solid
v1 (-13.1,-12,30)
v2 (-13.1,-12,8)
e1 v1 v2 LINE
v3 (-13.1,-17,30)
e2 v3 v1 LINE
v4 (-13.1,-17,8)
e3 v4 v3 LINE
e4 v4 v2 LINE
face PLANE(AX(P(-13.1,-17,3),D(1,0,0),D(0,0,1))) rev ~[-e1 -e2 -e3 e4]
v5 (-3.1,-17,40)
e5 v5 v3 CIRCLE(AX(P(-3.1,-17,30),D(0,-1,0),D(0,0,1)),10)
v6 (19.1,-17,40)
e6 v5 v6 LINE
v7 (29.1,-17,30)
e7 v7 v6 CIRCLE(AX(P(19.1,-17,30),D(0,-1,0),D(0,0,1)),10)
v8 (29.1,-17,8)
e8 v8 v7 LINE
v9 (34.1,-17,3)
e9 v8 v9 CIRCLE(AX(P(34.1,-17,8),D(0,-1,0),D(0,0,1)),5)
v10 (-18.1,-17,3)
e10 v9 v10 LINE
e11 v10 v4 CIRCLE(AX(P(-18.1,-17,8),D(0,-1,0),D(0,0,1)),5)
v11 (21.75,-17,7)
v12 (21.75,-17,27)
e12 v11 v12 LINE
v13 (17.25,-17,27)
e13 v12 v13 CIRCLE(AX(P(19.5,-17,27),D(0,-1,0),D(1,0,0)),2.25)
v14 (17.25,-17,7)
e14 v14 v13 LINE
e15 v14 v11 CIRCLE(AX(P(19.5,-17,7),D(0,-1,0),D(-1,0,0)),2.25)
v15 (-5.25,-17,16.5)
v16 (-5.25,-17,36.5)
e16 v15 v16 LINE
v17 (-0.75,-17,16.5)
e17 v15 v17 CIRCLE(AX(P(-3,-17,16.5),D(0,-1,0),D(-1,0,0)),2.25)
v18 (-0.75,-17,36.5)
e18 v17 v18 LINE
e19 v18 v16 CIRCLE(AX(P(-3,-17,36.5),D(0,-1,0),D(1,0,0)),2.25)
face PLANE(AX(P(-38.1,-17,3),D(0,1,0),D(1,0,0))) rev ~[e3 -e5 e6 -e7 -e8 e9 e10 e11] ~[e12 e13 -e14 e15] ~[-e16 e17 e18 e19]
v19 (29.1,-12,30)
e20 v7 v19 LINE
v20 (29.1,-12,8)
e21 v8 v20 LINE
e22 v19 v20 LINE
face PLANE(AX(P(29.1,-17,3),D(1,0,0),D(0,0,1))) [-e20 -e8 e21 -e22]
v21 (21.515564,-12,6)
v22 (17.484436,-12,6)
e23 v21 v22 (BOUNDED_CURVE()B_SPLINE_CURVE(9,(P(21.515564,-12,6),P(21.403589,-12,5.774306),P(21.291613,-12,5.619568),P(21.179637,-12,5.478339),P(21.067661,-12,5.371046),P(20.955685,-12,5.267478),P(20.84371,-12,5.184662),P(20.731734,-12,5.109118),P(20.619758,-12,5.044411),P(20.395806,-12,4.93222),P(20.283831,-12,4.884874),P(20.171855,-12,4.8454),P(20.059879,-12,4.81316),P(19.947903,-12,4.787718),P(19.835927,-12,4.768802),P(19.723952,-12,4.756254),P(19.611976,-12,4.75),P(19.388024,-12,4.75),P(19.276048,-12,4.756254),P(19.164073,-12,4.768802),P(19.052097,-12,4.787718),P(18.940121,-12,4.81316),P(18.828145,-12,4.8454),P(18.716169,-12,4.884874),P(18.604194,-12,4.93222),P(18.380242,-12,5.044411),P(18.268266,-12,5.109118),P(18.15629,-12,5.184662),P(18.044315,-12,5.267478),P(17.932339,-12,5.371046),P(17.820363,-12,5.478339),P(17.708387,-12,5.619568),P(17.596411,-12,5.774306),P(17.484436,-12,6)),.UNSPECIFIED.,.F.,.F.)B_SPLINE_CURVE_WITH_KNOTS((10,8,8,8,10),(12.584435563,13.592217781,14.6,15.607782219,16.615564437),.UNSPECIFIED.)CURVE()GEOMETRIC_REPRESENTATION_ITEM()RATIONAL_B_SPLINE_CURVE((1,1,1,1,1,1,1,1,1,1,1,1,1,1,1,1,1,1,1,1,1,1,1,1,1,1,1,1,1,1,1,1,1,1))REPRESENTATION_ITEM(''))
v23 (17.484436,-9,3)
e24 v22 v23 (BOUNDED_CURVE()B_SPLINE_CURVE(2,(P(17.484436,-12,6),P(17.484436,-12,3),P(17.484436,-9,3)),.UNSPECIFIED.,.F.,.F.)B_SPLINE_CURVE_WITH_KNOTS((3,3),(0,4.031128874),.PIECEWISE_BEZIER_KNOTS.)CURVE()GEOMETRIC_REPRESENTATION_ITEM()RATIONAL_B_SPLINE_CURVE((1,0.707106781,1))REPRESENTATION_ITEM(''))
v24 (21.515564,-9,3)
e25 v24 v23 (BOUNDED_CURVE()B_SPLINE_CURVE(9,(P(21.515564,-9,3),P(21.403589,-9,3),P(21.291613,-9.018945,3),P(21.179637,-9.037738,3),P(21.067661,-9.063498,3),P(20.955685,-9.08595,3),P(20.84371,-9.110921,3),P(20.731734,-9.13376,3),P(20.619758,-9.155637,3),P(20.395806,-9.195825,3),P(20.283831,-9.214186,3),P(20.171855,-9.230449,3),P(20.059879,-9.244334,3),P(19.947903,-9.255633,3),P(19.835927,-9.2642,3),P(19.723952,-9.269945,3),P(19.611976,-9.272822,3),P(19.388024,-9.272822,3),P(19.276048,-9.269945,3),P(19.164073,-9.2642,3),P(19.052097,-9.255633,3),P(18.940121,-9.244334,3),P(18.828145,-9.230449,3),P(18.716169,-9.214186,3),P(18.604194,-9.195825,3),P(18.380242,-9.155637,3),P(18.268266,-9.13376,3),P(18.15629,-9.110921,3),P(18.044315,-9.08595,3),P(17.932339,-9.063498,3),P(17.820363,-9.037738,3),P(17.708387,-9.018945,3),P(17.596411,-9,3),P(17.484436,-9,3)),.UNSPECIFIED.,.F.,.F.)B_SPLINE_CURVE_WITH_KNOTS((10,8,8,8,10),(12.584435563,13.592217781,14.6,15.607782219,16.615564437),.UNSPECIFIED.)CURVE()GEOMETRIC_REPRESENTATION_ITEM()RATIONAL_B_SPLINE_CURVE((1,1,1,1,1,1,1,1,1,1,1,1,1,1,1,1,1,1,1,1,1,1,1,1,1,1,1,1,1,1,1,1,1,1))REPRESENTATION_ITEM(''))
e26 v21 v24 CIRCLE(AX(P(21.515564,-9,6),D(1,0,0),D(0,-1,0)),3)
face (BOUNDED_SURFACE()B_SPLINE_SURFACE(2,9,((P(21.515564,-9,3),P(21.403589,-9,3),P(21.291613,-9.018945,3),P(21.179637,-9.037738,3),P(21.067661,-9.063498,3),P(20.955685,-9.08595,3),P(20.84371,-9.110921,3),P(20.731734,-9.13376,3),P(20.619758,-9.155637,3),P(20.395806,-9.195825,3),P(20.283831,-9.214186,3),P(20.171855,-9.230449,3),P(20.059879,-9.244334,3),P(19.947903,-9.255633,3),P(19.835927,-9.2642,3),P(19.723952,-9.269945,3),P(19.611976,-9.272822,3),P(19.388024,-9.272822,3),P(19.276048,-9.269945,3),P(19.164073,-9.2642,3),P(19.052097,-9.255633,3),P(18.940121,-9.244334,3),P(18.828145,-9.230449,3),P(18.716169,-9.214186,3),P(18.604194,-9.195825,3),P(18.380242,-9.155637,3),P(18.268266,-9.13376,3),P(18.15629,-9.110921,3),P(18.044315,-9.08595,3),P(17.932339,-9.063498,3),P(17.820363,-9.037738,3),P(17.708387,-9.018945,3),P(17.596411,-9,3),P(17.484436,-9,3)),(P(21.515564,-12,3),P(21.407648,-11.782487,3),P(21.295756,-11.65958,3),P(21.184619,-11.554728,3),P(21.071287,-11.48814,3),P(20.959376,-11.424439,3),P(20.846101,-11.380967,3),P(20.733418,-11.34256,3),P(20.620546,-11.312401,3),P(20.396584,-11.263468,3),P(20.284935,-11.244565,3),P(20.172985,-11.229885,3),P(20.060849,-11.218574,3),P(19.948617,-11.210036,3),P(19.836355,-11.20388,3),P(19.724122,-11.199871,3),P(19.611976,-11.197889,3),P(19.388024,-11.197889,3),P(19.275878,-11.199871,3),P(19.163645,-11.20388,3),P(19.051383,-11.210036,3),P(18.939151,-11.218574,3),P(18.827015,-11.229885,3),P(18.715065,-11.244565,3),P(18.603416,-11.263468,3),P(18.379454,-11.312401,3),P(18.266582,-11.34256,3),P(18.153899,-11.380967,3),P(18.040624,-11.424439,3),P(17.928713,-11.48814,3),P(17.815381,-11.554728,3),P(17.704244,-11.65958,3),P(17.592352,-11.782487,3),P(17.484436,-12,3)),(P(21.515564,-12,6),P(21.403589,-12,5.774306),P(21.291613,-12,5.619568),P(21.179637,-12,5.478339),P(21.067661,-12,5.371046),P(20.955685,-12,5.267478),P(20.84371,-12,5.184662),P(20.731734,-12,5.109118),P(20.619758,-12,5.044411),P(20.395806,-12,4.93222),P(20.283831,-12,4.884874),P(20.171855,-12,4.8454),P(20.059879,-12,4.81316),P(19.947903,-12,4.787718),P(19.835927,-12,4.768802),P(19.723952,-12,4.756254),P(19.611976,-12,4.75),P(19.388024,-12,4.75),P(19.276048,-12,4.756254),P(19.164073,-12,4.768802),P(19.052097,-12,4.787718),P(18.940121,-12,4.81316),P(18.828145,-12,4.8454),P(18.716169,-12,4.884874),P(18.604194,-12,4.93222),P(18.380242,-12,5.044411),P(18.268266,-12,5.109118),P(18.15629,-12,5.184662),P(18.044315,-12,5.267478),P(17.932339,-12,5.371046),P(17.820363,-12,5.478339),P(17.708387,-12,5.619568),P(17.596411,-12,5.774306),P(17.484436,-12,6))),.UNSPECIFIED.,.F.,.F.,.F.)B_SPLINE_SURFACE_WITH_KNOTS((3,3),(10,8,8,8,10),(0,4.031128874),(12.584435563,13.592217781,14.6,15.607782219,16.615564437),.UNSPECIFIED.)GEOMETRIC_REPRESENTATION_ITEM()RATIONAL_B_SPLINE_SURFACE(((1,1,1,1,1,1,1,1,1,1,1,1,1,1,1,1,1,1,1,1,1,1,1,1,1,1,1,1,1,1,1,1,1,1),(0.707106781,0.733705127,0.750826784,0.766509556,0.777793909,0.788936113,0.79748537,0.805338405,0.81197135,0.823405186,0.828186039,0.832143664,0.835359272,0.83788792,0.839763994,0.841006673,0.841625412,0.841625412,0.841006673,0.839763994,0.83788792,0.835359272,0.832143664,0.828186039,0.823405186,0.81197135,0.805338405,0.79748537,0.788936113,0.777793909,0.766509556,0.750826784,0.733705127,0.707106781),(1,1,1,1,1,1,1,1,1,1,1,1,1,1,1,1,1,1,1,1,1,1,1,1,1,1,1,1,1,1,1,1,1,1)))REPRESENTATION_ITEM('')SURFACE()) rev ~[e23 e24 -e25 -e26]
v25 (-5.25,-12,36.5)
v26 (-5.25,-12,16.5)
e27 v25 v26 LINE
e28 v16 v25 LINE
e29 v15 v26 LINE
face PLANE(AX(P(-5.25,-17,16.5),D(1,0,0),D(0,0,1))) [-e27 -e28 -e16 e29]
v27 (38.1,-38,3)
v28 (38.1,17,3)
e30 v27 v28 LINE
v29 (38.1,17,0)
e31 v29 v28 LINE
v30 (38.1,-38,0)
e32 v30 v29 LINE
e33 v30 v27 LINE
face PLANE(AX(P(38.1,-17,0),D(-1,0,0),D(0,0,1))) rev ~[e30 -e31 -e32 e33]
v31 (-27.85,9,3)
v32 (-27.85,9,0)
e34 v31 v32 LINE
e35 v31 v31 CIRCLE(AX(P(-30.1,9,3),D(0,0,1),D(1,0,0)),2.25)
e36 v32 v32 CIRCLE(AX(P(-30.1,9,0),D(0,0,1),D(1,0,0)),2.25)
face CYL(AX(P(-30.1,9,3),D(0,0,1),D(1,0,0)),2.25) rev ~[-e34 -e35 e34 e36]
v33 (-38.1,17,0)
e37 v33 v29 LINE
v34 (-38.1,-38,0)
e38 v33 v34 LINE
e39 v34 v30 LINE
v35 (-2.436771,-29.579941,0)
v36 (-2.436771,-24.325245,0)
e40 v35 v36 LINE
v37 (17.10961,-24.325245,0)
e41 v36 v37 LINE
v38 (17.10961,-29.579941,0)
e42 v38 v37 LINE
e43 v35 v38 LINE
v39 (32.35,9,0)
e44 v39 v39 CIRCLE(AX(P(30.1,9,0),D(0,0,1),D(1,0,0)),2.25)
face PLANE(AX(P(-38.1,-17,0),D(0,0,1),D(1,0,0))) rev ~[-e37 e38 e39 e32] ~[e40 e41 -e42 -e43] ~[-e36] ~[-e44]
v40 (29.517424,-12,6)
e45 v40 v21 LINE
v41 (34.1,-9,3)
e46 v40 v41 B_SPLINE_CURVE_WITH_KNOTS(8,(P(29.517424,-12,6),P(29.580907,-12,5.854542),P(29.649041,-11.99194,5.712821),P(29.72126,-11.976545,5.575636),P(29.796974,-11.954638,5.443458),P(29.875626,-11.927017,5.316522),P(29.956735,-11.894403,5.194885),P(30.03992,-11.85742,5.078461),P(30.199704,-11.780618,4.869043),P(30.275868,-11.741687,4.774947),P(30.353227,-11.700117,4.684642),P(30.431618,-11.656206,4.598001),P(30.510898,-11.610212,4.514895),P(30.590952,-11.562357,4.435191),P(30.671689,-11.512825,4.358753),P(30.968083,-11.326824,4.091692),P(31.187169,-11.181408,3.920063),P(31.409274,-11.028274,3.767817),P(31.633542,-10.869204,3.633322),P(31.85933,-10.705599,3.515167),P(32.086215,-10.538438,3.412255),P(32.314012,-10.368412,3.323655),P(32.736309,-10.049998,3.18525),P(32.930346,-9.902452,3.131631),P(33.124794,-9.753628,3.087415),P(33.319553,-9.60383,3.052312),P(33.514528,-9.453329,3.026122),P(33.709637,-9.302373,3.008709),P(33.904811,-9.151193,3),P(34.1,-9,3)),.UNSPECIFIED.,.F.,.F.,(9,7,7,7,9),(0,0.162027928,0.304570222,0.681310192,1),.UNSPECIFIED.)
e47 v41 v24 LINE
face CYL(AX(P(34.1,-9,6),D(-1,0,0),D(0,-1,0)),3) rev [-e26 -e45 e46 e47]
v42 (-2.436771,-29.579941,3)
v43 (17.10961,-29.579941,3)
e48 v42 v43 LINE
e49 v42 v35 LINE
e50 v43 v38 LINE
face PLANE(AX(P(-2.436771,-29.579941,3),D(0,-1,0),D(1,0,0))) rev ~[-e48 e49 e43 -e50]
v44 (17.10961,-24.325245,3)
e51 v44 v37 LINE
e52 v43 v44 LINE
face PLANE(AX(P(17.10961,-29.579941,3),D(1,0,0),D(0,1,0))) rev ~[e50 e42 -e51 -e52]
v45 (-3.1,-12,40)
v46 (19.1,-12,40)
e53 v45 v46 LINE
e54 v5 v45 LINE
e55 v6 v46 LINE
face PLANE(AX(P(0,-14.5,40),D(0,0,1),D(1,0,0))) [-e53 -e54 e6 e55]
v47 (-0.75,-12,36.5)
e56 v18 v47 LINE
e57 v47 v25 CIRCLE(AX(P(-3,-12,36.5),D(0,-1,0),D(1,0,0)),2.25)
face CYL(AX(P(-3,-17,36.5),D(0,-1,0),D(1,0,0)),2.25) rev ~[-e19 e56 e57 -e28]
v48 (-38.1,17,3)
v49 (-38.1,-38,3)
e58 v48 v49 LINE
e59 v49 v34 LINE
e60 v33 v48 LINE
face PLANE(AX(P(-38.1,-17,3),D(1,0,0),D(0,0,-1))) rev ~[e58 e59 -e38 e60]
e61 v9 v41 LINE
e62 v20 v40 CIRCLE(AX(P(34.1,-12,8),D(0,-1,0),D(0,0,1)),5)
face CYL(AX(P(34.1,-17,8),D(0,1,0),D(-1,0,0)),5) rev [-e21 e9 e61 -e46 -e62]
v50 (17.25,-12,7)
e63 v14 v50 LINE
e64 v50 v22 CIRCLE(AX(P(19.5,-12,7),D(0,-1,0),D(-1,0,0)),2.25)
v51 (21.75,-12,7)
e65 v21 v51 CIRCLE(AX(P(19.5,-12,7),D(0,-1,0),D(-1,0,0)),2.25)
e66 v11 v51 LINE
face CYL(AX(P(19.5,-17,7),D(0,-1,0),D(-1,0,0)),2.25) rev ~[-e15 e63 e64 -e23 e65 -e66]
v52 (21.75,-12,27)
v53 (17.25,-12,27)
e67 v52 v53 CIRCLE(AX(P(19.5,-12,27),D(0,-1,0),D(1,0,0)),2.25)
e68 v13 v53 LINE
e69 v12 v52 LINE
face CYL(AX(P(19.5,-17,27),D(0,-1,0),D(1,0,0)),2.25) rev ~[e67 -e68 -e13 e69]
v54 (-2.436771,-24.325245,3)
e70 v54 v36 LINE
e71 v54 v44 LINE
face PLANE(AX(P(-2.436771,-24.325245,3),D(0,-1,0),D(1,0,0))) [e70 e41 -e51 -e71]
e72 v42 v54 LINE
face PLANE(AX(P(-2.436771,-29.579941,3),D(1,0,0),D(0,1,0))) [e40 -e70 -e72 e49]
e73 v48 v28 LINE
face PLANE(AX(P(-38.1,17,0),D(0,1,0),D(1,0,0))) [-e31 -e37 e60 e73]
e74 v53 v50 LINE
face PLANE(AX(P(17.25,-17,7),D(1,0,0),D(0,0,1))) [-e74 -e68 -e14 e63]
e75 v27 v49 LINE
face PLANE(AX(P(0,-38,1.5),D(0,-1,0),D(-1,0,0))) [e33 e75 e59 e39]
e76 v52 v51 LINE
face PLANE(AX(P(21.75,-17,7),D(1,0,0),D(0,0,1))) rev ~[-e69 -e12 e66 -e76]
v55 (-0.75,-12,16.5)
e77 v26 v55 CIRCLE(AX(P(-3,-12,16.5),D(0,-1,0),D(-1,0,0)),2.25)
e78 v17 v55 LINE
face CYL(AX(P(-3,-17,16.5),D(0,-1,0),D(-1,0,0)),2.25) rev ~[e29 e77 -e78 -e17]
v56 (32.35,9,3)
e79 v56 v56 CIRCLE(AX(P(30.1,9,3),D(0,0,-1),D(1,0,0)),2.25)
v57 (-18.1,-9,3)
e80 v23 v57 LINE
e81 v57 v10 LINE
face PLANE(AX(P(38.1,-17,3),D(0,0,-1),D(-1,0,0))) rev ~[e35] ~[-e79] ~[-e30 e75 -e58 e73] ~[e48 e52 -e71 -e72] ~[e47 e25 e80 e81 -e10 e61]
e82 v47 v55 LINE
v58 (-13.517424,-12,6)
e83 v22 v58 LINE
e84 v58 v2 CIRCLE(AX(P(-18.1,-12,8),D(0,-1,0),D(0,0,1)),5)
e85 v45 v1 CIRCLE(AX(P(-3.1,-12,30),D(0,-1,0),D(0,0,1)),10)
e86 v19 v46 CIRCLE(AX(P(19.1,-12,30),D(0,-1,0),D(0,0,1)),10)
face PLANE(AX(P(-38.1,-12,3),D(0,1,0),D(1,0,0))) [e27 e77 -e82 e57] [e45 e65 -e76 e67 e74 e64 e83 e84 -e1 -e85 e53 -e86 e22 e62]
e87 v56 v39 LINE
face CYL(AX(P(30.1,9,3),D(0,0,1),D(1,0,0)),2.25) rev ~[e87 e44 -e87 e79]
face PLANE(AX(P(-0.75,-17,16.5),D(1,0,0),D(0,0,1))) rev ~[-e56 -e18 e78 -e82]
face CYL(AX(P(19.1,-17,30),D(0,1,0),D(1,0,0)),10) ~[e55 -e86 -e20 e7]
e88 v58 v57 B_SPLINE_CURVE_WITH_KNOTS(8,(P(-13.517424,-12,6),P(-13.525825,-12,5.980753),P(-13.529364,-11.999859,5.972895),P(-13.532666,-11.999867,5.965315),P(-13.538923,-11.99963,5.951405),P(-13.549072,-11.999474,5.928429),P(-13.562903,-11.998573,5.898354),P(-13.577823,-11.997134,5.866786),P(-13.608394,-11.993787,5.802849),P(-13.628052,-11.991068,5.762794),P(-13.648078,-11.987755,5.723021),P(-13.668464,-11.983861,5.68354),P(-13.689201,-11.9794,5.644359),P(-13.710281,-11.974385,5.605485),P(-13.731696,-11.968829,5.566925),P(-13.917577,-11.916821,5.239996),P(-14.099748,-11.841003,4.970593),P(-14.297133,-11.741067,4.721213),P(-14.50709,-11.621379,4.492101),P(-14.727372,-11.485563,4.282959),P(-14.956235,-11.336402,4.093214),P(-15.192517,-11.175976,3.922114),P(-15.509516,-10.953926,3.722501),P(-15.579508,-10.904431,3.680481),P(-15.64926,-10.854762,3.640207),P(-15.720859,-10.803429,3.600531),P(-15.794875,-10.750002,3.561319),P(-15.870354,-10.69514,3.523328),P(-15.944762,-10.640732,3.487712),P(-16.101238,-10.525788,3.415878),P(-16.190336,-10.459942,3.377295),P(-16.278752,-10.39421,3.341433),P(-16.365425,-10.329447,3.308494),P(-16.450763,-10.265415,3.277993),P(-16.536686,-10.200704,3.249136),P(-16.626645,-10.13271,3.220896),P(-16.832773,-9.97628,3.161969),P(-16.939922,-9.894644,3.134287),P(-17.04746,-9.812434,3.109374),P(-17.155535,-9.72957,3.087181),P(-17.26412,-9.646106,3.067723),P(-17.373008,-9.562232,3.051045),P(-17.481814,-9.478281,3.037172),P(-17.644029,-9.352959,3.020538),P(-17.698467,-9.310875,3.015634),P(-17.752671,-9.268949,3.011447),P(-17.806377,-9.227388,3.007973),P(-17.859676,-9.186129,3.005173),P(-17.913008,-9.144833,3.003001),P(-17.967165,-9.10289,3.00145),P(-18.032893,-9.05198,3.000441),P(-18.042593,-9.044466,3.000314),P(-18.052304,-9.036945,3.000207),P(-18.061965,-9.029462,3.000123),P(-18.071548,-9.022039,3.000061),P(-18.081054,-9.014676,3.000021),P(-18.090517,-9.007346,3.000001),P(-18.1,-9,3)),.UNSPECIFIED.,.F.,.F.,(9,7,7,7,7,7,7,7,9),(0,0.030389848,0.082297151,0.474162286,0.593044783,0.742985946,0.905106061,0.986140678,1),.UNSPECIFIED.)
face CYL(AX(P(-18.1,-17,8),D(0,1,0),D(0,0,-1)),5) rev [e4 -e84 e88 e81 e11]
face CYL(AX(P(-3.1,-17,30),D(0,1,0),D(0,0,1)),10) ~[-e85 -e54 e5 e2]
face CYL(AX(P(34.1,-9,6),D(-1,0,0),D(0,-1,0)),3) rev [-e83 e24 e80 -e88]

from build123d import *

# Parameters (mm, degrees)
SKETCH_W        = 76.2
SKETCH_H        = 34
PAD_DEPTH       = 3
SKETCH001_R     = 2.25
POCKET_DEPTH    = 3.001
SKETCH002_W     = 76.2
SKETCH002_H     = 5
PAD001_DEPTH    = 37
POCKET001_DEPTH = 34.001
SKETCH004_W     = 25
SKETCH004_H     = 37
SKETCH004_W_2   = 9
POCKET002_DEPTH = 34.001
FILLET_R        = 10
FILLET001_R     = 5
FILLET002_R     = 3
PAD002_DEPTH    = 21
SKETCH005_W     = 19.546381
SKETCH005_H     = 5.254696
POCKET003_DEPTH = 3.001


with BuildPart() as part:
    # Sketch → Pad (new body)
    with BuildSketch(Plane.XY):
        Rectangle(SKETCH_W, SKETCH_H)
    extrude(amount=PAD_DEPTH)

    # Sketch001 (on Face6 of Pad) → Pocket (cut, through all)
    with BuildSketch(Plane.XY.offset(3)):
        with Locations((-30.1, 9)):
            Circle(SKETCH001_R)
        with Locations((30.1, 9)):
            Circle(SKETCH001_R)
    extrude(amount=-POCKET_DEPTH, mode=Mode.SUBTRACT)

    # Sketch002 (on Face5 of Pocket) → Pad001 (join)
    with BuildSketch(Plane.XY.offset(3)):
        with Locations((0, -14.5)):
            Rectangle(SKETCH002_W, SKETCH002_H)
    extrude(amount=PAD001_DEPTH)

    # Sketch003 (on Face12 of Pad001) → Pocket001 (cut, through all)
    with BuildSketch(Plane.XZ.offset(17)):
        with BuildLine():
            ThreePointArc((-5.25, 16.5), (-3, 14.25), (-0.75, 16.5))
            Line((-0.75, 16.5), (-0.75, 36.5))
            ThreePointArc((-0.75, 36.5), (-3, 38.75), (-5.25, 36.5))
            Line((-5.25, 16.5), (-5.25, 36.5))
        make_face()
        with BuildLine():
            ThreePointArc((17.25, 7), (19.5, 4.75), (21.75, 7))
            Line((21.75, 7), (21.75, 27))
            ThreePointArc((21.75, 27), (19.5, 29.25), (17.25, 27))
            Line((17.25, 7), (17.25, 27))
        make_face()
    extrude(amount=-POCKET001_DEPTH, mode=Mode.SUBTRACT)

    # Sketch004 (on Face12 of Pocket001) → Pocket002 (cut, through all)
    with BuildSketch(Plane.XZ.offset(17)):
        with Locations((-25.6, 21.5)):
            Rectangle(SKETCH004_W, SKETCH004_H)
        with Locations((33.6, 21.5)):
            Rectangle(SKETCH004_W_2, SKETCH004_H)
    extrude(amount=-POCKET002_DEPTH, mode=Mode.SUBTRACT)

    # Fillet
    fillet_edges = [part.edges().sort_by_distance(p)[0] for p in [
        (-13.1, -14.5, 40),
        (29.1, -14.5, 40),
    ]]
    fillet(fillet_edges, radius=FILLET_R)

    # Fillet001
    fillet001_edges = [part.edges().sort_by_distance(p)[0] for p in [
        (-13.1, -14.5, 3),
        (29.1, -14.5, 3),
    ]]
    fillet(fillet001_edges, radius=FILLET001_R)

    # Fillet002
    fillet002_edges = [part.edges().sort_by_distance(p)[0] for p in [
        (8, -12, 3),
    ]]
    fillet(fillet002_edges, radius=FILLET002_R)

    # Fillet002 Face31 → Pad002 (add)
    with BuildSketch(Plane(origin=(0, -17, 1.5), x_dir=(-1, 0, 0), z_dir=(0, -1, 0))):
        Polygon((-38.1, -1.5), (-34.1, -1.5), (-29.1, -1.5), (13.1, -1.5), (18.1, -1.5), (38.1, -1.5), (38.1, 1.5), (-38.1, 1.5), align=None)
    extrude(amount=PAD002_DEPTH)

    # Sketch005 (on Face29 of Pad002) → Pocket003 (cut, through all)
    with BuildSketch(Plane.XY.offset(3)):
        with Locations((7.336419, -26.952593)):
            Rectangle(SKETCH005_W, SKETCH005_H)
    extrude(amount=-POCKET003_DEPTH, mode=Mode.SUBTRACT)


solid = part.part
